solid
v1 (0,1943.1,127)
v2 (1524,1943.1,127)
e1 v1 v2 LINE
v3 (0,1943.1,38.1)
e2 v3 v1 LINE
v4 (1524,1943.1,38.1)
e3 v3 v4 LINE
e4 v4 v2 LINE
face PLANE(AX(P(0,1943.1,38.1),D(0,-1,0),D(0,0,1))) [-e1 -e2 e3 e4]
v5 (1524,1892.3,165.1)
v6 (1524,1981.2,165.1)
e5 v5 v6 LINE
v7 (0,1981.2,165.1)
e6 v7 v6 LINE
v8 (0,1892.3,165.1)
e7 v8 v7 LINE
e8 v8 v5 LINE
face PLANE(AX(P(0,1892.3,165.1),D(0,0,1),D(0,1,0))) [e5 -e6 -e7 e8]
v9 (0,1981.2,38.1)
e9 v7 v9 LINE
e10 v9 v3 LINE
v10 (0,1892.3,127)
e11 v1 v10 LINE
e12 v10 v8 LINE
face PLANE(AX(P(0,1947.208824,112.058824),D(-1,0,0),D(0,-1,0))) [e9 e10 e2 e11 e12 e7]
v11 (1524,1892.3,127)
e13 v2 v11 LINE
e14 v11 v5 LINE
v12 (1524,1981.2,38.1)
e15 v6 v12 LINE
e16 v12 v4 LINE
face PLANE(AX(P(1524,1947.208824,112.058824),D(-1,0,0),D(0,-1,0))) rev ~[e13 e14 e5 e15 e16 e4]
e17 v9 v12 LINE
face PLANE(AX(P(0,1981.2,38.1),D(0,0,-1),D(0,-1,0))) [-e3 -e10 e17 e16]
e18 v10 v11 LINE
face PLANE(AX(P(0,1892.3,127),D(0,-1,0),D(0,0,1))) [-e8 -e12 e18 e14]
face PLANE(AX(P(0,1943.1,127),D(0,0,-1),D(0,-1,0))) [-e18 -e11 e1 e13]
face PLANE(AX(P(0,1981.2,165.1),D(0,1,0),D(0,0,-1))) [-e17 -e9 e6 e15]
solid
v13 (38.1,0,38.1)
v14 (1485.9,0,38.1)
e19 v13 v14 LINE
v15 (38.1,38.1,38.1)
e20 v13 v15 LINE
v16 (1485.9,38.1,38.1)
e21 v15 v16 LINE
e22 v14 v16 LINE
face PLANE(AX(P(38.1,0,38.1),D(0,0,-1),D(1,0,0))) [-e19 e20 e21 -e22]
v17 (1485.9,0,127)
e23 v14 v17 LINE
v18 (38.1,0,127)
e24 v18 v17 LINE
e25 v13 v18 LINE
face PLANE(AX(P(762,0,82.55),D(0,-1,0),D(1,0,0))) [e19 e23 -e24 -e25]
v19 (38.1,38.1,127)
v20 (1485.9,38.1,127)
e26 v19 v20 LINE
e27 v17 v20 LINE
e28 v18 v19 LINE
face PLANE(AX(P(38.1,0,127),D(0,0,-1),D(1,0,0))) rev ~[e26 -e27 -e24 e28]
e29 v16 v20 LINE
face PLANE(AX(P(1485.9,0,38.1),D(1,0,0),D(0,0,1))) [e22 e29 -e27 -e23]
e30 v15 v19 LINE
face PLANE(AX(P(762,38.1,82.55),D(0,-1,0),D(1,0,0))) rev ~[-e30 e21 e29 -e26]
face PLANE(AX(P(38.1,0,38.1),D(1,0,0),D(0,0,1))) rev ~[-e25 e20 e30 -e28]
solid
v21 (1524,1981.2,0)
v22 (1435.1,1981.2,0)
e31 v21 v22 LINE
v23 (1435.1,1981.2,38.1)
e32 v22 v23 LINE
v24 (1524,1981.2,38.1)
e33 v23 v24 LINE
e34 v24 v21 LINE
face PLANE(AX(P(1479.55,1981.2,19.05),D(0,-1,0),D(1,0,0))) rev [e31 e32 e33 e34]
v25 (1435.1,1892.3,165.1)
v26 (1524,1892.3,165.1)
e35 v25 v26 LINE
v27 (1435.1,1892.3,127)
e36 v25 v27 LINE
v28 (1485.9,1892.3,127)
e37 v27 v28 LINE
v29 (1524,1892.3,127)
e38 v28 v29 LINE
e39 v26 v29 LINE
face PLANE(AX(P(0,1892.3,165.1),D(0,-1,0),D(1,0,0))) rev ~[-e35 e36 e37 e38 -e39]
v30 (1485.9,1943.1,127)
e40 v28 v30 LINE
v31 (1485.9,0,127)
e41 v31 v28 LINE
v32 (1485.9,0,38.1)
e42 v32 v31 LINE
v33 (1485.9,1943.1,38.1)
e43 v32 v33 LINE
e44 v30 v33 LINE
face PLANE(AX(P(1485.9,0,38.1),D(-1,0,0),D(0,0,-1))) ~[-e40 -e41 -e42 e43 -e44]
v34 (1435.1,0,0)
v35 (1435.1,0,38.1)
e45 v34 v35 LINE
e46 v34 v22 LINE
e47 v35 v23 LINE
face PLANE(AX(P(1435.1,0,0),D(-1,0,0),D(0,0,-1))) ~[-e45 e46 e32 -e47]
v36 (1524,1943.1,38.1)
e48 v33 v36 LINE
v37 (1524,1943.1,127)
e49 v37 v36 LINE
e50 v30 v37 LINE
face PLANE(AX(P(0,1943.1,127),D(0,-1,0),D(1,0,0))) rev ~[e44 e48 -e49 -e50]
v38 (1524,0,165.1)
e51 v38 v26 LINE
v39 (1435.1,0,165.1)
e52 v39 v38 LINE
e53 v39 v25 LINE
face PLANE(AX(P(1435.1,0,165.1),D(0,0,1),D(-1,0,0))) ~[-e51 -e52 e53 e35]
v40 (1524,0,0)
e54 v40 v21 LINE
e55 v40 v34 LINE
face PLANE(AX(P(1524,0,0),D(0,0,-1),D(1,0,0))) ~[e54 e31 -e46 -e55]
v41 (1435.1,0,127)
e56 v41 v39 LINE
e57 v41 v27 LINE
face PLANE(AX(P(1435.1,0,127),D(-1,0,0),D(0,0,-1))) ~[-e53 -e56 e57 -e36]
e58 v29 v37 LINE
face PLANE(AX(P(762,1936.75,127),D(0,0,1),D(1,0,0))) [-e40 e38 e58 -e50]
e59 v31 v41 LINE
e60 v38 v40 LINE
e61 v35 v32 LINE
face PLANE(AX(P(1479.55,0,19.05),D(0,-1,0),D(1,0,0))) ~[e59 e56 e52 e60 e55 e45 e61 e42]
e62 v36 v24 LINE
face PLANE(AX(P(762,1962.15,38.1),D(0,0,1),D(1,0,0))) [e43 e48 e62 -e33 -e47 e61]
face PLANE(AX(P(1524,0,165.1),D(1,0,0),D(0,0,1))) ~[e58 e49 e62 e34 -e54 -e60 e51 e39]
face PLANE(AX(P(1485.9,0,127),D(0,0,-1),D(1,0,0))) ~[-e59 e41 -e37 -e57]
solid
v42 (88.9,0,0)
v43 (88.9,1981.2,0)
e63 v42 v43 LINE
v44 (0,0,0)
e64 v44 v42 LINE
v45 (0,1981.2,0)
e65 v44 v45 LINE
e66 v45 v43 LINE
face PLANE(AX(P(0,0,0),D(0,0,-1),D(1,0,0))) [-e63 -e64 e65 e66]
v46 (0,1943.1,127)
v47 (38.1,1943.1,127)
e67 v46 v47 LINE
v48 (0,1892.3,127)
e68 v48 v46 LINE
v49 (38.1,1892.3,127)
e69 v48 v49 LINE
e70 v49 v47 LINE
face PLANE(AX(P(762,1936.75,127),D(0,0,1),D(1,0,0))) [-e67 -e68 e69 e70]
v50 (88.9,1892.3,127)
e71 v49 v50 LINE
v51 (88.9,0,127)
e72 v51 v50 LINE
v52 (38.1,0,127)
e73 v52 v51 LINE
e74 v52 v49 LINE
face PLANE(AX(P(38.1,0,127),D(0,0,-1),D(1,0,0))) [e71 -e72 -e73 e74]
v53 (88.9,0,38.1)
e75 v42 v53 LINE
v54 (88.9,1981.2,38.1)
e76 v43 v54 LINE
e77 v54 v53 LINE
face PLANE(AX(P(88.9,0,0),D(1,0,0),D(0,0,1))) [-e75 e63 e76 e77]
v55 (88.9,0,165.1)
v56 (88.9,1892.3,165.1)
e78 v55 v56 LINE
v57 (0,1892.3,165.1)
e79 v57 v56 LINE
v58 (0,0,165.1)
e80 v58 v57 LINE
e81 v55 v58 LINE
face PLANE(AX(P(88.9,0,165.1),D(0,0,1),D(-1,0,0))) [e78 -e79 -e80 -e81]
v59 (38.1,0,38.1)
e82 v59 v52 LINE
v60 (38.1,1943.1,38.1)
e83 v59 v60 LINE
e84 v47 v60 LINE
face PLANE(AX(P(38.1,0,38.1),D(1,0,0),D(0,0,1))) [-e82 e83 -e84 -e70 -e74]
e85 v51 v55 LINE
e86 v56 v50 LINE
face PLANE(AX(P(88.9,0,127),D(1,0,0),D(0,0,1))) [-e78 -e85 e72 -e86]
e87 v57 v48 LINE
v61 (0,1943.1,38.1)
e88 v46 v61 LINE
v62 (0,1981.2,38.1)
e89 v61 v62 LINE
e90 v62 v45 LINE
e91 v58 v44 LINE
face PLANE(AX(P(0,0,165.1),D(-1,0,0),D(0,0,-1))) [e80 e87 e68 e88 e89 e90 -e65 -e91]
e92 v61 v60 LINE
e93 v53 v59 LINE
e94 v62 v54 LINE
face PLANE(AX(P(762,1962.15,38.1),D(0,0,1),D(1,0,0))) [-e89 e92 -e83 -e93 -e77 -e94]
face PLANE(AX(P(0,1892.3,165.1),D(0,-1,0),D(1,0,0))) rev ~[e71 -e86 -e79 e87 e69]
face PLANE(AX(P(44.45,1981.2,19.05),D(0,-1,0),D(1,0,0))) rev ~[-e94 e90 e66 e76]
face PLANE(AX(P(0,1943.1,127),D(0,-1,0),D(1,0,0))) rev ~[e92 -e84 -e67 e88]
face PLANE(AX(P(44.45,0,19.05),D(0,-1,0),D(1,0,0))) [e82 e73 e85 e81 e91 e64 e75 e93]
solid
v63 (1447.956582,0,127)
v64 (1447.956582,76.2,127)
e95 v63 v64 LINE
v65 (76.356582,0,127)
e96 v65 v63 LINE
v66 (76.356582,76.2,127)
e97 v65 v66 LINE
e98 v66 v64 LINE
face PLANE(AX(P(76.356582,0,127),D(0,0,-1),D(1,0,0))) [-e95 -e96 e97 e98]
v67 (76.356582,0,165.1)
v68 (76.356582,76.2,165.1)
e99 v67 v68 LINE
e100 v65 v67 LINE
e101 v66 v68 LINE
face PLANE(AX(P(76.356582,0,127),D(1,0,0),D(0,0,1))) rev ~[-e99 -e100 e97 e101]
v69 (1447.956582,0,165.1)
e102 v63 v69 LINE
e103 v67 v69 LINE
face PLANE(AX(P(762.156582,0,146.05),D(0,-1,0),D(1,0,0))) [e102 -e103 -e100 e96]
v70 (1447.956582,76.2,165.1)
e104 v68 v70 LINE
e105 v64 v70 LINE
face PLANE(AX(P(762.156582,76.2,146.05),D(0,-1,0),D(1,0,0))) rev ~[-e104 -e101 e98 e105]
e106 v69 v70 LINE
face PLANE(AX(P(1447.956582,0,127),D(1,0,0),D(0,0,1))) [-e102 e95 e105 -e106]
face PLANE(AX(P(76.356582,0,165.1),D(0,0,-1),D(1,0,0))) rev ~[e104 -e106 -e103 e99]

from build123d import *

# Parameters (mm, degrees)
F0_W      = 38.1
F0_H      = 88.9
F1_DEPTH  = 1981.2
F4_W      = 1524
F4_H      = 88.9
F5_DEPTH  = 38.1
F6_W      = 1524
F6_H      = 38.1
F7_DEPTH  = 88.9
F9_DEPTH  = 1524
F10_W     = 1447.8
F10_H     = 88.9
F11_DEPTH = 38.1
F12_W     = 1371.6
F12_H     = 38.1
F13_DEPTH = 76.2


with BuildPart() as f1:
    # F0 (on Front) → F1 (new body)
    with BuildSketch(Plane.XZ):
        Polygon((0, 38.1), (0, 0), (88.9, 0), (88.9, 38.1), (38.1, 38.1), align=None)
        with Locations((19.05, 82.55)):
            Rectangle(F0_W, F0_H)
        Polygon((0, 165.1), (0, 127), (38.1, 127), (88.9, 127), (88.9, 165.1), align=None)
    extrude(amount=-F1_DEPTH)


with BuildPart() as f3_1:
    # F3: instance of F1
    add(f1.part.mirror(Plane.YZ.offset(762)))


with BuildPart() as f5_tool:
    # F4 (on face) → F5 (new body)
    with BuildSketch(Plane.XY.offset(165.1)):
        with Locations((762, 1936.75)):
            Rectangle(F4_W, F4_H)
    extrude(amount=-F5_DEPTH)


with BuildPart() as f1_1:
    add(f1.part)

    # F5: cut by f5_tool
    add(f5_tool.part, mode=Mode.SUBTRACT)


with BuildPart() as f3_1_1:
    add(f3_1.part)

    # F5: cut by f5_tool
    add(f5_tool.part, mode=Mode.SUBTRACT)


with BuildPart() as f7_tool:
    # F6 (on face) → F7 (new body)
    with BuildSketch(Plane.XY.offset(127)):
        with Locations((762, 1962.15)):
            Rectangle(F6_W, F6_H)
    extrude(amount=-F7_DEPTH)


with BuildPart() as f1_2:
    add(f1_1.part)

    # F7: cut by f7_tool
    add(f7_tool.part, mode=Mode.SUBTRACT)


with BuildPart() as f3_1_2:
    add(f3_1_1.part)

    # F7: cut by f7_tool
    add(f7_tool.part, mode=Mode.SUBTRACT)


with BuildPart() as f9:
    # F8 (on face) → F9 (new body)
    with BuildSketch(Plane(origin=(0, 0, 0), x_dir=(0, -1, 0), z_dir=(-1, 0, 0))):
        Polygon((-1892.3, 127), (-1892.3, 165.1), (-1981.2, 165.1), (-1981.2, 38.1), (-1943.1, 38.1), (-1943.1, 127), align=None)
    extrude(amount=-F9_DEPTH)


with BuildPart() as f11:
    # F10 (on face) → F11 (new body)
    with BuildSketch(Plane.XZ):
        with Locations((762, 82.55)):
            Rectangle(F10_W, F10_H)
    extrude(amount=-F11_DEPTH)


with BuildPart() as f13:
    # F12 (on face) → F13 (new body)
    with BuildSketch(Plane.XZ):
        with Locations((762.156582, 146.05)):
            Rectangle(F12_W, F12_H)
    extrude(amount=-F13_DEPTH)


solid = Compound([f1_2.part, f3_1_2.part, f9.part, f11.part, f13.part])
